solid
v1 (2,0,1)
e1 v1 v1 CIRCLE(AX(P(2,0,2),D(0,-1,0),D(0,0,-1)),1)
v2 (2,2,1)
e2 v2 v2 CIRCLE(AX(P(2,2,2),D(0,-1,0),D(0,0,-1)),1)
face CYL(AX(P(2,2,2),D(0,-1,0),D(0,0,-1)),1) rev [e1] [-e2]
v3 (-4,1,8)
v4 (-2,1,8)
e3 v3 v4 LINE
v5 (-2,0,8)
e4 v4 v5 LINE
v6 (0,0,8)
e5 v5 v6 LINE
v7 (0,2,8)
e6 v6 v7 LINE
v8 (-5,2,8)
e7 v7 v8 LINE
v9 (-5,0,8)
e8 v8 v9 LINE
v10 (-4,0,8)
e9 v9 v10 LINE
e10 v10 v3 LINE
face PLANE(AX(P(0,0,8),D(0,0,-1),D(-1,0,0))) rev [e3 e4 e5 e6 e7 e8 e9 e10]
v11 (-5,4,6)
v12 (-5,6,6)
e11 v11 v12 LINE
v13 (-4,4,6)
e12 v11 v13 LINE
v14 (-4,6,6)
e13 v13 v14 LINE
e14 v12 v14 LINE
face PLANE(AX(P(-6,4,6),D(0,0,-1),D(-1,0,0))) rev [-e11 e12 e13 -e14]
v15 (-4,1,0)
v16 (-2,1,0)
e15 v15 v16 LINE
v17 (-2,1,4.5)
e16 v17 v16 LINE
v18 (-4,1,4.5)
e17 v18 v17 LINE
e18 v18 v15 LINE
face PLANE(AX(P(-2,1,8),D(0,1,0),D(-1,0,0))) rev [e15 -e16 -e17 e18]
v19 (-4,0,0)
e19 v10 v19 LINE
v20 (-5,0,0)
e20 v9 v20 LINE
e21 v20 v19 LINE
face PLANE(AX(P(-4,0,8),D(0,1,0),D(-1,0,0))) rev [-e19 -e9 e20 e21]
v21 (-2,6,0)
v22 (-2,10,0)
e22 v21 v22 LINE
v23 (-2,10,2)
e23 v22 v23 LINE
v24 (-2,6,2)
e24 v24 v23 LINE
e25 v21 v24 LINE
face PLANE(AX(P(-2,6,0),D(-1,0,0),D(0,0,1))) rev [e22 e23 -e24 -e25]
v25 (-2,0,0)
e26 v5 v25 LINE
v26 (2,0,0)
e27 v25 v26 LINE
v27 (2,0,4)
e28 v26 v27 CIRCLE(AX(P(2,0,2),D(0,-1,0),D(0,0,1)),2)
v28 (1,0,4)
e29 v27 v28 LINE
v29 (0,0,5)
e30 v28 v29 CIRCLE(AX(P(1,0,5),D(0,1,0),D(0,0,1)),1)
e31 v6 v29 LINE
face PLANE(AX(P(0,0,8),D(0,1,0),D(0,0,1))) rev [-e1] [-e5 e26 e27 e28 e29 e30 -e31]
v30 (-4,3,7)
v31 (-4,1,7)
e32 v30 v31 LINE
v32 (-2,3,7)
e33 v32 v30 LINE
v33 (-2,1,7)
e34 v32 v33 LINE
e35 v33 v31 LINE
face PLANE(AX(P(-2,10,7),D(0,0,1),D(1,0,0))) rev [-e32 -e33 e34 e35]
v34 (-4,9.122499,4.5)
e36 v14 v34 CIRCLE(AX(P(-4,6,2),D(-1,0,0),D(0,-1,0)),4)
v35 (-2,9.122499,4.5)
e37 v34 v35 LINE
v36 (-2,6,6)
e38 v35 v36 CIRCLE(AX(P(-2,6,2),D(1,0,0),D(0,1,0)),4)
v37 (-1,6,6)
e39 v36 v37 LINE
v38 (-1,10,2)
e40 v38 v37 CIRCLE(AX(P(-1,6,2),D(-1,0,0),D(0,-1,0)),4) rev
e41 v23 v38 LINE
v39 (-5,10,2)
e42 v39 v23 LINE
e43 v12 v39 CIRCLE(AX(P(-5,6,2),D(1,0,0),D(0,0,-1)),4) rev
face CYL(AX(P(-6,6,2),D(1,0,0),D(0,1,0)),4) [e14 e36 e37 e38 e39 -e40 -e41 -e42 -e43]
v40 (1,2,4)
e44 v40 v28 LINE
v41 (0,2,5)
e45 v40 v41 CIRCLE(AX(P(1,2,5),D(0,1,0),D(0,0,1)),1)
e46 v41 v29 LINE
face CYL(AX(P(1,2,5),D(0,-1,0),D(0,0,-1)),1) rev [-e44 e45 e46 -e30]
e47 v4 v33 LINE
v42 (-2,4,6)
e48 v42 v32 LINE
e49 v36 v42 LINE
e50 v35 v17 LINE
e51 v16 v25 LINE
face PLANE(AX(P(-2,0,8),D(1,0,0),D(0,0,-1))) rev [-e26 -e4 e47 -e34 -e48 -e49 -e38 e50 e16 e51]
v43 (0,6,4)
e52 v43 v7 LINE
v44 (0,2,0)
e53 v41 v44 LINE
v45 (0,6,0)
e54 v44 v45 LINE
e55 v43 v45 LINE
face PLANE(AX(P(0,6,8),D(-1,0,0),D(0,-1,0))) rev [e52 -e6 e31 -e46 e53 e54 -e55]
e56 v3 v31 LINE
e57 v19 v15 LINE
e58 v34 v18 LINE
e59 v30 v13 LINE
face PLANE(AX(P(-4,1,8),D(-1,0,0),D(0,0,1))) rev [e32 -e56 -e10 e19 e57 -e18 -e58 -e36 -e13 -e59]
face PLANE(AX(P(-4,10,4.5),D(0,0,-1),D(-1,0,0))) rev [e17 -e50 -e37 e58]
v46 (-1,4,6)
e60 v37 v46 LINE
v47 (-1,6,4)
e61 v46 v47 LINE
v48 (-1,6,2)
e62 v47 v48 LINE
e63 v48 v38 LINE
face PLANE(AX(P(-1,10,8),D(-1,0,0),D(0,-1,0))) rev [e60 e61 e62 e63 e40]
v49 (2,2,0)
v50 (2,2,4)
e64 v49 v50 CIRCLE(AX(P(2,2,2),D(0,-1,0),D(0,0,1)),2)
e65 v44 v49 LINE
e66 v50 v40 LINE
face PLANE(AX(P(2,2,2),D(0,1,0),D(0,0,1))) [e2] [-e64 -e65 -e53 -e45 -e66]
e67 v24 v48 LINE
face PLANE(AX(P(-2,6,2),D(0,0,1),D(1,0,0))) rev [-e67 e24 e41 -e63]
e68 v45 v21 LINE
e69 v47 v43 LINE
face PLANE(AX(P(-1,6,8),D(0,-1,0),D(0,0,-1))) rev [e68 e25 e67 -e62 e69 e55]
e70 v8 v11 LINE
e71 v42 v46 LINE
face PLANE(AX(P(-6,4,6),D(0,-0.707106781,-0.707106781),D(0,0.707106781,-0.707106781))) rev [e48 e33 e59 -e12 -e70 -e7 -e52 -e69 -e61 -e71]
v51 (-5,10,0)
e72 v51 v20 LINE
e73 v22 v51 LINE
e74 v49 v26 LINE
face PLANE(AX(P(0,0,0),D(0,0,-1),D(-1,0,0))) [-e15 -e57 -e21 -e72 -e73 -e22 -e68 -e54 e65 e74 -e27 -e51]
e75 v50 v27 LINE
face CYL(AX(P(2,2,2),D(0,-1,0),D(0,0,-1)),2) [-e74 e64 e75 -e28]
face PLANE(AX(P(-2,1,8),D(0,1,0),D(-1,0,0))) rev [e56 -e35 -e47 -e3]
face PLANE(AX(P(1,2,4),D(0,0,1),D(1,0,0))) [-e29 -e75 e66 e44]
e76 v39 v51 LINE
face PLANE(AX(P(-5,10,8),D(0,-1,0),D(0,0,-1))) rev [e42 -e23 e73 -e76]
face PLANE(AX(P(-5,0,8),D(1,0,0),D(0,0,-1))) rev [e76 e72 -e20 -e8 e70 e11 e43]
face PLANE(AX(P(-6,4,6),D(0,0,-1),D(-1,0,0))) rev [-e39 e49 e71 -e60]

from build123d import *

# Parameters (mm, degrees)
BOSS_EXTRUDE2_DEPTH = 8
SKETCH2_R           = 1
BOSS_EXTRUDE3_DEPTH = 2
CUT_EXTRUDE1_DEPTH  = 4
CUT_EXTRUDE2_DEPTH  = 5
CUT_EXTRUDE3_DEPTH  = 1
SKETCH6_W           = 2
SKETCH6_H           = 2.5
CUT_EXTRUDE4_DEPTH  = 10


with BuildPart() as part:
    # Sketch1 → Boss-Extrude2 (new body)
    with BuildSketch(Plane.XY):
        Polygon((0, 0), (-2, 0), (-2, 1), (-4, 1), (-4, 0), (-5, 0), (-5, 10), (-1, 10), (-1, 6), (0, 6), align=None)
    extrude(amount=BOSS_EXTRUDE2_DEPTH)

    # Sketch2 → Boss-Extrude3 (add)
    with BuildSketch(Plane.XZ):
        with BuildLine():
            Line((0, 0), (2, 0))
            ThreePointArc((2, 0), (4, 2), (2, 4))
            Line((2, 4), (1, 4))
            ThreePointArc((1, 4), (0.292893219, 4.292893219), (0, 5))
            Line((0, 5), (0, 0))
        make_face()
        with Locations((2, 2)):
            Circle(SKETCH2_R, mode=Mode.SUBTRACT)
    extrude(amount=-BOSS_EXTRUDE3_DEPTH)

    # Sketch3 → Cut-Extrude1 (cut)
    with BuildSketch(Plane(origin=(0, 10, 0), x_dir=(1, 0, 0), z_dir=(0, 1, 0))):
        Polygon((-2, 0), (-2, -2), (-1, -2), (-1, -8), (0, -8), (0, 0), align=None)
    extrude(amount=-CUT_EXTRUDE1_DEPTH, mode=Mode.SUBTRACT)

    # Sketch4 → Cut-Extrude2 (cut, symmetric)
    with BuildSketch(Plane(origin=(-1, 0, 0), x_dir=(0, 0, -1), z_dir=(1, 0, 0))):
        with BuildLine():
            Line((-2, 10), (-8, 10))
            Line((-8, 10), (-8, 2))
            Line((-8, 2), (-6, 4))
            Line((-6, 4), (-6, 6))
            ThreePointArc((-6, 6), (-4.828427125, 8.828427125), (-2, 10))
        make_face()
    extrude(amount=CUT_EXTRUDE2_DEPTH, both=True, mode=Mode.SUBTRACT)

    # Sketch5 → Cut-Extrude3 (cut)
    with BuildSketch(Plane(origin=(0, 0, 0), x_dir=(0, 0, -1), z_dir=(1, 0, 0))):
        Polygon((-4, 6), (-6, 4), (-6, 6), align=None)
    extrude(amount=-CUT_EXTRUDE3_DEPTH, mode=Mode.SUBTRACT)

    # Sketch6 → Cut-Extrude4 (cut, through all)
    with BuildSketch(Plane.XZ.offset(-1)):
        with Locations((-3, 5.75)):
            Rectangle(SKETCH6_W, SKETCH6_H)
    extrude(amount=-CUT_EXTRUDE4_DEPTH, mode=Mode.SUBTRACT)


solid = part.part
